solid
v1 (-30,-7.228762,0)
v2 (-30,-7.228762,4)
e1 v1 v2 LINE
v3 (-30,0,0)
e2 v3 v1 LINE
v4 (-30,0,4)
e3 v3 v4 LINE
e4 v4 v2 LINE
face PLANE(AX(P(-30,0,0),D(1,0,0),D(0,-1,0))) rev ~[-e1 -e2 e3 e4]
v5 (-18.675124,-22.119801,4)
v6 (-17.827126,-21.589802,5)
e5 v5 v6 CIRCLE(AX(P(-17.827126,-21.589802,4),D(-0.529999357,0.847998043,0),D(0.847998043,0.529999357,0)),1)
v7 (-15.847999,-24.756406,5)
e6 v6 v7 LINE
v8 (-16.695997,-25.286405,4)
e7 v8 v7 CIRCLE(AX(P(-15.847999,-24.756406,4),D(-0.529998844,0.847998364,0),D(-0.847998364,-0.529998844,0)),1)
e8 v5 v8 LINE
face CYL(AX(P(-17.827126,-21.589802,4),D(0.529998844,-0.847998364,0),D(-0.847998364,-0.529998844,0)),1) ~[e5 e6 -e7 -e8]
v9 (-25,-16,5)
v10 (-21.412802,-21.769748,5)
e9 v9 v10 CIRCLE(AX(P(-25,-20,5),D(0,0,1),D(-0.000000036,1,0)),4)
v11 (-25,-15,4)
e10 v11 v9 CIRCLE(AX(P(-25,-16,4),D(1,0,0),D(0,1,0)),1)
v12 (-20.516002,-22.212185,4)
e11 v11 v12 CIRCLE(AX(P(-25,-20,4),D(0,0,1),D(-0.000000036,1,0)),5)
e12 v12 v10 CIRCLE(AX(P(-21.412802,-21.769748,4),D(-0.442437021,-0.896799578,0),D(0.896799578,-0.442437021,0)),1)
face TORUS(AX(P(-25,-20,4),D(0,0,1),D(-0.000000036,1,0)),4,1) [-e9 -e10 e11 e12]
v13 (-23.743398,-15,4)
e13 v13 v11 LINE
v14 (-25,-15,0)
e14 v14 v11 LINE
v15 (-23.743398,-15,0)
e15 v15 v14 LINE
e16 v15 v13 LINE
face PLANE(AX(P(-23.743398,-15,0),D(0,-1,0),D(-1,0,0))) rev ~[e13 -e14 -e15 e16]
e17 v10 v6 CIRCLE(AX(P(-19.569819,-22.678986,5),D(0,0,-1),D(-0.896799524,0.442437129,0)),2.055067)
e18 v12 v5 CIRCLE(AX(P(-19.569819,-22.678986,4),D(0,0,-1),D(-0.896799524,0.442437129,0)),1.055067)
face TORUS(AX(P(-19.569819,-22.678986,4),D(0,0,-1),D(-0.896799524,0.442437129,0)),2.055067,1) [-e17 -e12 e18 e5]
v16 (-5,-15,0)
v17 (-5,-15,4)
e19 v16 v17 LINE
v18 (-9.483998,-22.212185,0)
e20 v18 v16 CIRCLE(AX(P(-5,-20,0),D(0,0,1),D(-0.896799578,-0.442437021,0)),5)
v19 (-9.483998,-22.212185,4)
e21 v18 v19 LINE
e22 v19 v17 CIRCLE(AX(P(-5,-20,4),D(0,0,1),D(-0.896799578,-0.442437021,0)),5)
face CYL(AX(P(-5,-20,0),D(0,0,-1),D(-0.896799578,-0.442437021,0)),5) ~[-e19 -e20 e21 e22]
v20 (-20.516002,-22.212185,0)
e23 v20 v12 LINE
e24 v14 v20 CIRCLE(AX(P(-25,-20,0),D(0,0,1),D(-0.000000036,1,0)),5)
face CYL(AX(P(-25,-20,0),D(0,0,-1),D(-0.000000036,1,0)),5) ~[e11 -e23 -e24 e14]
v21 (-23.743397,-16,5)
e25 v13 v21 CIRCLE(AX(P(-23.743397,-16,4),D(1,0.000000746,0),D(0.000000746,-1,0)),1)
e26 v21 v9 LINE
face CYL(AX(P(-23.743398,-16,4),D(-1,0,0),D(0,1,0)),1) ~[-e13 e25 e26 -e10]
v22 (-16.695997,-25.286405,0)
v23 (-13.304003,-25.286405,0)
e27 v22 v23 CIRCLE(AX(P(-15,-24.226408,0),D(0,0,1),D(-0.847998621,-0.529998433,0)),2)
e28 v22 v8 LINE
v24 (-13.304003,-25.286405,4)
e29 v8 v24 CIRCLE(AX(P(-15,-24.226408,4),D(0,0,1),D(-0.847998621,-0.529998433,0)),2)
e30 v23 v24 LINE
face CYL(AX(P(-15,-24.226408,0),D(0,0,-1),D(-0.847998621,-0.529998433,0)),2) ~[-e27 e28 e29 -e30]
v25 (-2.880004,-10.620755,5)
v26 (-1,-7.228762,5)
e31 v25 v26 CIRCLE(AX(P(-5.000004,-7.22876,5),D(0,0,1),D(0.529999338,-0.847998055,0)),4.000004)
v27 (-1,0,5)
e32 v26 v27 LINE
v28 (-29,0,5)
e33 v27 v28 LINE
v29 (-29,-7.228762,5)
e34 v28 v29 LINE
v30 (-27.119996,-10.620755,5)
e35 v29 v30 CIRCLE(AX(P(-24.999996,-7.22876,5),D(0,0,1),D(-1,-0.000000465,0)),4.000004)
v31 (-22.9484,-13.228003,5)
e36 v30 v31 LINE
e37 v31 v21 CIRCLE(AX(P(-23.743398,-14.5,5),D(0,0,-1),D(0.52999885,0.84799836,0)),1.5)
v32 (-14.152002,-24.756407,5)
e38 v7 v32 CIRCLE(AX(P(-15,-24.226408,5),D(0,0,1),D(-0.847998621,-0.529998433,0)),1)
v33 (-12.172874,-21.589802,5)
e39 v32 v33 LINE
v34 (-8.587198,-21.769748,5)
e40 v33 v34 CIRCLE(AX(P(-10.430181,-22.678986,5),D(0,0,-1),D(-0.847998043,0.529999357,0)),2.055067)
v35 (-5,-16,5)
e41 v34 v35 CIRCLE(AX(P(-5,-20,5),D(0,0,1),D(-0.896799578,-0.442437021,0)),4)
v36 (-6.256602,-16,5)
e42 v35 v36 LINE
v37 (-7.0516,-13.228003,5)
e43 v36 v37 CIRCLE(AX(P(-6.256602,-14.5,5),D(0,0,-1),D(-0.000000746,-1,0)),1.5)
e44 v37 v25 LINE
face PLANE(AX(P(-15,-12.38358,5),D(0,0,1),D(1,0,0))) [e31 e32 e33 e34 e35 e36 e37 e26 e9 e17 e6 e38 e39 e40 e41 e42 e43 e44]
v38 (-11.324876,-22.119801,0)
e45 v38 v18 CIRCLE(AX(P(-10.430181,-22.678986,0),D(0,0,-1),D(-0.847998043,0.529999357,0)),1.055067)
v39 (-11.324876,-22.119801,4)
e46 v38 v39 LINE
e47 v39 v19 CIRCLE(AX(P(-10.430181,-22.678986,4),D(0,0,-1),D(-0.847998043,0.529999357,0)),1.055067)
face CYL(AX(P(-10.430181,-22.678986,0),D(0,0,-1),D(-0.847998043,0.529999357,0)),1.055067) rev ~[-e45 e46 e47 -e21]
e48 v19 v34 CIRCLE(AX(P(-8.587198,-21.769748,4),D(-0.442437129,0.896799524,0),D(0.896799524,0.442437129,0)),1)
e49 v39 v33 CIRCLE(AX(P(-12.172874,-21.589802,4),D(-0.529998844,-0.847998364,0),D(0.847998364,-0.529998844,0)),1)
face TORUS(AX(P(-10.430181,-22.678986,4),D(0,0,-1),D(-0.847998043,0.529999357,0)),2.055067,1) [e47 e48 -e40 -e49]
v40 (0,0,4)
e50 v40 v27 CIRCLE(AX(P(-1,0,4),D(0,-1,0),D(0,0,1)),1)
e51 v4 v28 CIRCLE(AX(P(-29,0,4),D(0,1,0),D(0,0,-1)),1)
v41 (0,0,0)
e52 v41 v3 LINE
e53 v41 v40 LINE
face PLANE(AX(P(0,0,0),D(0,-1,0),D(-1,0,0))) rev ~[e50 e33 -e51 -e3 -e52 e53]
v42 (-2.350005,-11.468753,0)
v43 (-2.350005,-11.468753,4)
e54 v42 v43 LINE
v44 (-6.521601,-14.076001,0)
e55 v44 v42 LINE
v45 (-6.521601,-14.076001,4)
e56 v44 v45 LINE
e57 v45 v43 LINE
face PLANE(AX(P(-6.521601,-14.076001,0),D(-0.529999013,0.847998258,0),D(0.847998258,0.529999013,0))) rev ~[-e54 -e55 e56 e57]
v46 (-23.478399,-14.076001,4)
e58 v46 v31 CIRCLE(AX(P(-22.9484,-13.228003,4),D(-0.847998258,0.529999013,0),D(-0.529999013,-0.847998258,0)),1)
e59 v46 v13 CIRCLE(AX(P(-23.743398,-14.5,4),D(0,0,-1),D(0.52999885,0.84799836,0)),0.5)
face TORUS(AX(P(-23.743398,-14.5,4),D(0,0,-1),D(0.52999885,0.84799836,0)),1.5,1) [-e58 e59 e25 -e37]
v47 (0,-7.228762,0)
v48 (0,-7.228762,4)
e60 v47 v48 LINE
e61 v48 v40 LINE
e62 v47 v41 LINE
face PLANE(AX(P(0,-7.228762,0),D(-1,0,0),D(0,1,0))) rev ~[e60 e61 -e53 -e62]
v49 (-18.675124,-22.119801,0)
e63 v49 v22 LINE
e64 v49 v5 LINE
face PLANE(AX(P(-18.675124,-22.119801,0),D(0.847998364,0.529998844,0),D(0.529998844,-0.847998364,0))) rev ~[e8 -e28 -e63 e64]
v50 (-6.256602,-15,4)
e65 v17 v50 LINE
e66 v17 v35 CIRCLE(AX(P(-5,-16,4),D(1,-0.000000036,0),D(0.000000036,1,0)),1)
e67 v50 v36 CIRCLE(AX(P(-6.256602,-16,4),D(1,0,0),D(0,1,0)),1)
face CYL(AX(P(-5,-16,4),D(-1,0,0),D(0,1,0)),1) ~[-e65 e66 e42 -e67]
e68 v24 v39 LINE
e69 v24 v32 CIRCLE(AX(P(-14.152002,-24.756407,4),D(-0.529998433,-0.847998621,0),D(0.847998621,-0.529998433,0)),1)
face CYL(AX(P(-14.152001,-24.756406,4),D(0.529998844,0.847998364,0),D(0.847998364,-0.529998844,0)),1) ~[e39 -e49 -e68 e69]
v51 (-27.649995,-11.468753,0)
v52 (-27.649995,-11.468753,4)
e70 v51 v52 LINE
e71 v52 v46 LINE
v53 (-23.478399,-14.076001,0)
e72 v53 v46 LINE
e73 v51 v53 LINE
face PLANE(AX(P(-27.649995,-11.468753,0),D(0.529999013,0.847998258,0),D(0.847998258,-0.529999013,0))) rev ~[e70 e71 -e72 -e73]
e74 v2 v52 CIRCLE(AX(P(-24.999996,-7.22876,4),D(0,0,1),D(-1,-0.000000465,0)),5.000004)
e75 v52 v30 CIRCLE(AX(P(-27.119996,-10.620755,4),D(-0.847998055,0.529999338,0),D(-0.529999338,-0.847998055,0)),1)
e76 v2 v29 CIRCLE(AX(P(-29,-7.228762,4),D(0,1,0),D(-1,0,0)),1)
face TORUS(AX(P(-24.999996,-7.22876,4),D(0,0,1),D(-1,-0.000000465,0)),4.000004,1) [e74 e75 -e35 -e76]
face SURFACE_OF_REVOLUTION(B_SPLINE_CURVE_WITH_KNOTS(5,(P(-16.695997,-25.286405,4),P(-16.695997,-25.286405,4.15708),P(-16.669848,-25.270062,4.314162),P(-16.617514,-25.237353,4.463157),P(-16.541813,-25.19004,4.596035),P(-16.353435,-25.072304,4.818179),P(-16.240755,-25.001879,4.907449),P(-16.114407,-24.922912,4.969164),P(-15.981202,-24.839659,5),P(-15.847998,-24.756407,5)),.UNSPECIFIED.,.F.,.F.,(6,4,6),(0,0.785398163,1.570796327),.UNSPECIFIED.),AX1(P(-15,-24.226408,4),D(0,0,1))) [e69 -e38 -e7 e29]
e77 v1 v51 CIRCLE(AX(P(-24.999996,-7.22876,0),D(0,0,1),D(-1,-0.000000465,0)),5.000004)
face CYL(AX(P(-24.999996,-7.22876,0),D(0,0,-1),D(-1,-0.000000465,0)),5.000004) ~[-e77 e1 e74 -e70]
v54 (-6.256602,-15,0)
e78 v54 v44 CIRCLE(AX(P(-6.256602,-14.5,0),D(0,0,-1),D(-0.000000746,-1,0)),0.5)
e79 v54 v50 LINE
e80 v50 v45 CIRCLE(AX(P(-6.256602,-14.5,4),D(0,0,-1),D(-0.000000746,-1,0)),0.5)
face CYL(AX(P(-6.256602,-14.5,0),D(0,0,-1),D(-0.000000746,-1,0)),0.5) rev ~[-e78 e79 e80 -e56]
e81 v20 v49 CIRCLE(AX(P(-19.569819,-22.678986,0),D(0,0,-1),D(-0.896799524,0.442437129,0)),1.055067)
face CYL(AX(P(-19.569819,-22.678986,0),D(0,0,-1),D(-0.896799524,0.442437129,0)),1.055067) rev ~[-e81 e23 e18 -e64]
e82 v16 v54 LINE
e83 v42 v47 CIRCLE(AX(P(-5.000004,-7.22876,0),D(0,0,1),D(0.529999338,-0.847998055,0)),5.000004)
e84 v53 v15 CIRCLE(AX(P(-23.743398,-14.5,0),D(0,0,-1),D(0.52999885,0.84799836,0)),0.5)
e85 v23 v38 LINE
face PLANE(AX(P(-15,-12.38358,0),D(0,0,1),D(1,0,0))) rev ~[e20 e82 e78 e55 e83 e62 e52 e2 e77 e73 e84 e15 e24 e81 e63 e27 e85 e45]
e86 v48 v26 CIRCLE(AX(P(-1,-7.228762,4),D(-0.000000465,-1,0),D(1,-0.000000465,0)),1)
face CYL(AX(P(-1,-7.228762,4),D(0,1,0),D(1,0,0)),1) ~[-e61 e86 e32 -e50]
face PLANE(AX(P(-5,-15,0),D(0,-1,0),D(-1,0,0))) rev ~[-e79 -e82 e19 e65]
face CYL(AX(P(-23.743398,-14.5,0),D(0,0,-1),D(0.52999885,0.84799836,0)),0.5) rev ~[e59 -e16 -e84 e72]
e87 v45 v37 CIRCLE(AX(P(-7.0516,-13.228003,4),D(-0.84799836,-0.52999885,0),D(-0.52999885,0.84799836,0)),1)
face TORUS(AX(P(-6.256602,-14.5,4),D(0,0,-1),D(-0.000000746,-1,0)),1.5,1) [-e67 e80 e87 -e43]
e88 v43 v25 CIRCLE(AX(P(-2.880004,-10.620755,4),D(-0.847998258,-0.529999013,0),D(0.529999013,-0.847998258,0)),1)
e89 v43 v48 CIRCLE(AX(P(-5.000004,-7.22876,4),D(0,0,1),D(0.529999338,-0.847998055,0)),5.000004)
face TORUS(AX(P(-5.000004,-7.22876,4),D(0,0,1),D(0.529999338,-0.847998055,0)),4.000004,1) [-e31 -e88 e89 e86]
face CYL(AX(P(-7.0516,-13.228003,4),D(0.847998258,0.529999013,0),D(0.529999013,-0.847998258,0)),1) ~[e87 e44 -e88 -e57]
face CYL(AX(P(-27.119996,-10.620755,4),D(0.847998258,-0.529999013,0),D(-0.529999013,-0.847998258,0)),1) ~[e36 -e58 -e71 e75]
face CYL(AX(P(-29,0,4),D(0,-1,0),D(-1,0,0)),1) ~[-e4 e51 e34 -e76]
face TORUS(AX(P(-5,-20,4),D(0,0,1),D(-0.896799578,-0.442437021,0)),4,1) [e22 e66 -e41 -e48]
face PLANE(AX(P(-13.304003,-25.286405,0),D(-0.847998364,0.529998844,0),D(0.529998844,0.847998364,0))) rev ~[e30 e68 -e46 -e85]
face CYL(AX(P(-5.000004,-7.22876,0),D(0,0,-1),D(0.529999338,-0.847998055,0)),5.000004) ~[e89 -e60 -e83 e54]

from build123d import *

# Parameters (mm, degrees)
F1_DEPTH = 5
F2_R     = 1


with BuildPart() as f1:
    # F0 (on Top) → F1 (new body)
    with BuildSketch(Plane.XY):
        with BuildLine():
            ThreePointArc((-11.324876, -22.119801), (-10.3773, -21.625245), (-9.483998, -22.212185))
            ThreePointArc((-9.483998, -22.212185), (-0.753771, -22.639988), (-5, -15))
            Line((-5, -15), (-6.256602, -15))
            ThreePointArc((-6.256602, -15), (-6.737226, -14.637841), (-6.521601, -14.076001))
            Line((-6.521601, -14.076001), (-2.350005, -11.468753))
            ThreePointArc((-2.350005, -11.468753), (-0.626788, -9.652604), (0, -7.228762))
            Line((0, -7.228762), (0, 0))
            Line((0, 0), (-30, 0))
            Line((-30, 0), (-30, -7.228762))
            ThreePointArc((-30, -7.228762), (-29.373212, -9.652604), (-27.649995, -11.468753))
            Line((-27.649995, -11.468753), (-23.478399, -14.076001))
            ThreePointArc((-23.478399, -14.076001), (-23.262774, -14.637841), (-23.743398, -15))
            Line((-23.743398, -15), (-25, -15))
            ThreePointArc((-25, -15), (-29.246229, -22.639988), (-20.516002, -22.212185))
            ThreePointArc((-20.516002, -22.212185), (-19.6227, -21.625245), (-18.675124, -22.119801))
            Line((-18.675124, -22.119801), (-16.695997, -25.286405))
            ThreePointArc((-16.695997, -25.286405), (-15, -26.226408), (-13.304003, -25.286405))
            Line((-13.304003, -25.286405), (-11.324876, -22.119801))
        make_face()
    extrude(amount=F1_DEPTH)

    # F2
    f2_edges = [f1.edges().sort_by_distance(p)[0] for p in [
        (-29.246229, -22.639988, 5),
    ]]
    fillet(f2_edges, radius=F2_R)


solid = f1.part
